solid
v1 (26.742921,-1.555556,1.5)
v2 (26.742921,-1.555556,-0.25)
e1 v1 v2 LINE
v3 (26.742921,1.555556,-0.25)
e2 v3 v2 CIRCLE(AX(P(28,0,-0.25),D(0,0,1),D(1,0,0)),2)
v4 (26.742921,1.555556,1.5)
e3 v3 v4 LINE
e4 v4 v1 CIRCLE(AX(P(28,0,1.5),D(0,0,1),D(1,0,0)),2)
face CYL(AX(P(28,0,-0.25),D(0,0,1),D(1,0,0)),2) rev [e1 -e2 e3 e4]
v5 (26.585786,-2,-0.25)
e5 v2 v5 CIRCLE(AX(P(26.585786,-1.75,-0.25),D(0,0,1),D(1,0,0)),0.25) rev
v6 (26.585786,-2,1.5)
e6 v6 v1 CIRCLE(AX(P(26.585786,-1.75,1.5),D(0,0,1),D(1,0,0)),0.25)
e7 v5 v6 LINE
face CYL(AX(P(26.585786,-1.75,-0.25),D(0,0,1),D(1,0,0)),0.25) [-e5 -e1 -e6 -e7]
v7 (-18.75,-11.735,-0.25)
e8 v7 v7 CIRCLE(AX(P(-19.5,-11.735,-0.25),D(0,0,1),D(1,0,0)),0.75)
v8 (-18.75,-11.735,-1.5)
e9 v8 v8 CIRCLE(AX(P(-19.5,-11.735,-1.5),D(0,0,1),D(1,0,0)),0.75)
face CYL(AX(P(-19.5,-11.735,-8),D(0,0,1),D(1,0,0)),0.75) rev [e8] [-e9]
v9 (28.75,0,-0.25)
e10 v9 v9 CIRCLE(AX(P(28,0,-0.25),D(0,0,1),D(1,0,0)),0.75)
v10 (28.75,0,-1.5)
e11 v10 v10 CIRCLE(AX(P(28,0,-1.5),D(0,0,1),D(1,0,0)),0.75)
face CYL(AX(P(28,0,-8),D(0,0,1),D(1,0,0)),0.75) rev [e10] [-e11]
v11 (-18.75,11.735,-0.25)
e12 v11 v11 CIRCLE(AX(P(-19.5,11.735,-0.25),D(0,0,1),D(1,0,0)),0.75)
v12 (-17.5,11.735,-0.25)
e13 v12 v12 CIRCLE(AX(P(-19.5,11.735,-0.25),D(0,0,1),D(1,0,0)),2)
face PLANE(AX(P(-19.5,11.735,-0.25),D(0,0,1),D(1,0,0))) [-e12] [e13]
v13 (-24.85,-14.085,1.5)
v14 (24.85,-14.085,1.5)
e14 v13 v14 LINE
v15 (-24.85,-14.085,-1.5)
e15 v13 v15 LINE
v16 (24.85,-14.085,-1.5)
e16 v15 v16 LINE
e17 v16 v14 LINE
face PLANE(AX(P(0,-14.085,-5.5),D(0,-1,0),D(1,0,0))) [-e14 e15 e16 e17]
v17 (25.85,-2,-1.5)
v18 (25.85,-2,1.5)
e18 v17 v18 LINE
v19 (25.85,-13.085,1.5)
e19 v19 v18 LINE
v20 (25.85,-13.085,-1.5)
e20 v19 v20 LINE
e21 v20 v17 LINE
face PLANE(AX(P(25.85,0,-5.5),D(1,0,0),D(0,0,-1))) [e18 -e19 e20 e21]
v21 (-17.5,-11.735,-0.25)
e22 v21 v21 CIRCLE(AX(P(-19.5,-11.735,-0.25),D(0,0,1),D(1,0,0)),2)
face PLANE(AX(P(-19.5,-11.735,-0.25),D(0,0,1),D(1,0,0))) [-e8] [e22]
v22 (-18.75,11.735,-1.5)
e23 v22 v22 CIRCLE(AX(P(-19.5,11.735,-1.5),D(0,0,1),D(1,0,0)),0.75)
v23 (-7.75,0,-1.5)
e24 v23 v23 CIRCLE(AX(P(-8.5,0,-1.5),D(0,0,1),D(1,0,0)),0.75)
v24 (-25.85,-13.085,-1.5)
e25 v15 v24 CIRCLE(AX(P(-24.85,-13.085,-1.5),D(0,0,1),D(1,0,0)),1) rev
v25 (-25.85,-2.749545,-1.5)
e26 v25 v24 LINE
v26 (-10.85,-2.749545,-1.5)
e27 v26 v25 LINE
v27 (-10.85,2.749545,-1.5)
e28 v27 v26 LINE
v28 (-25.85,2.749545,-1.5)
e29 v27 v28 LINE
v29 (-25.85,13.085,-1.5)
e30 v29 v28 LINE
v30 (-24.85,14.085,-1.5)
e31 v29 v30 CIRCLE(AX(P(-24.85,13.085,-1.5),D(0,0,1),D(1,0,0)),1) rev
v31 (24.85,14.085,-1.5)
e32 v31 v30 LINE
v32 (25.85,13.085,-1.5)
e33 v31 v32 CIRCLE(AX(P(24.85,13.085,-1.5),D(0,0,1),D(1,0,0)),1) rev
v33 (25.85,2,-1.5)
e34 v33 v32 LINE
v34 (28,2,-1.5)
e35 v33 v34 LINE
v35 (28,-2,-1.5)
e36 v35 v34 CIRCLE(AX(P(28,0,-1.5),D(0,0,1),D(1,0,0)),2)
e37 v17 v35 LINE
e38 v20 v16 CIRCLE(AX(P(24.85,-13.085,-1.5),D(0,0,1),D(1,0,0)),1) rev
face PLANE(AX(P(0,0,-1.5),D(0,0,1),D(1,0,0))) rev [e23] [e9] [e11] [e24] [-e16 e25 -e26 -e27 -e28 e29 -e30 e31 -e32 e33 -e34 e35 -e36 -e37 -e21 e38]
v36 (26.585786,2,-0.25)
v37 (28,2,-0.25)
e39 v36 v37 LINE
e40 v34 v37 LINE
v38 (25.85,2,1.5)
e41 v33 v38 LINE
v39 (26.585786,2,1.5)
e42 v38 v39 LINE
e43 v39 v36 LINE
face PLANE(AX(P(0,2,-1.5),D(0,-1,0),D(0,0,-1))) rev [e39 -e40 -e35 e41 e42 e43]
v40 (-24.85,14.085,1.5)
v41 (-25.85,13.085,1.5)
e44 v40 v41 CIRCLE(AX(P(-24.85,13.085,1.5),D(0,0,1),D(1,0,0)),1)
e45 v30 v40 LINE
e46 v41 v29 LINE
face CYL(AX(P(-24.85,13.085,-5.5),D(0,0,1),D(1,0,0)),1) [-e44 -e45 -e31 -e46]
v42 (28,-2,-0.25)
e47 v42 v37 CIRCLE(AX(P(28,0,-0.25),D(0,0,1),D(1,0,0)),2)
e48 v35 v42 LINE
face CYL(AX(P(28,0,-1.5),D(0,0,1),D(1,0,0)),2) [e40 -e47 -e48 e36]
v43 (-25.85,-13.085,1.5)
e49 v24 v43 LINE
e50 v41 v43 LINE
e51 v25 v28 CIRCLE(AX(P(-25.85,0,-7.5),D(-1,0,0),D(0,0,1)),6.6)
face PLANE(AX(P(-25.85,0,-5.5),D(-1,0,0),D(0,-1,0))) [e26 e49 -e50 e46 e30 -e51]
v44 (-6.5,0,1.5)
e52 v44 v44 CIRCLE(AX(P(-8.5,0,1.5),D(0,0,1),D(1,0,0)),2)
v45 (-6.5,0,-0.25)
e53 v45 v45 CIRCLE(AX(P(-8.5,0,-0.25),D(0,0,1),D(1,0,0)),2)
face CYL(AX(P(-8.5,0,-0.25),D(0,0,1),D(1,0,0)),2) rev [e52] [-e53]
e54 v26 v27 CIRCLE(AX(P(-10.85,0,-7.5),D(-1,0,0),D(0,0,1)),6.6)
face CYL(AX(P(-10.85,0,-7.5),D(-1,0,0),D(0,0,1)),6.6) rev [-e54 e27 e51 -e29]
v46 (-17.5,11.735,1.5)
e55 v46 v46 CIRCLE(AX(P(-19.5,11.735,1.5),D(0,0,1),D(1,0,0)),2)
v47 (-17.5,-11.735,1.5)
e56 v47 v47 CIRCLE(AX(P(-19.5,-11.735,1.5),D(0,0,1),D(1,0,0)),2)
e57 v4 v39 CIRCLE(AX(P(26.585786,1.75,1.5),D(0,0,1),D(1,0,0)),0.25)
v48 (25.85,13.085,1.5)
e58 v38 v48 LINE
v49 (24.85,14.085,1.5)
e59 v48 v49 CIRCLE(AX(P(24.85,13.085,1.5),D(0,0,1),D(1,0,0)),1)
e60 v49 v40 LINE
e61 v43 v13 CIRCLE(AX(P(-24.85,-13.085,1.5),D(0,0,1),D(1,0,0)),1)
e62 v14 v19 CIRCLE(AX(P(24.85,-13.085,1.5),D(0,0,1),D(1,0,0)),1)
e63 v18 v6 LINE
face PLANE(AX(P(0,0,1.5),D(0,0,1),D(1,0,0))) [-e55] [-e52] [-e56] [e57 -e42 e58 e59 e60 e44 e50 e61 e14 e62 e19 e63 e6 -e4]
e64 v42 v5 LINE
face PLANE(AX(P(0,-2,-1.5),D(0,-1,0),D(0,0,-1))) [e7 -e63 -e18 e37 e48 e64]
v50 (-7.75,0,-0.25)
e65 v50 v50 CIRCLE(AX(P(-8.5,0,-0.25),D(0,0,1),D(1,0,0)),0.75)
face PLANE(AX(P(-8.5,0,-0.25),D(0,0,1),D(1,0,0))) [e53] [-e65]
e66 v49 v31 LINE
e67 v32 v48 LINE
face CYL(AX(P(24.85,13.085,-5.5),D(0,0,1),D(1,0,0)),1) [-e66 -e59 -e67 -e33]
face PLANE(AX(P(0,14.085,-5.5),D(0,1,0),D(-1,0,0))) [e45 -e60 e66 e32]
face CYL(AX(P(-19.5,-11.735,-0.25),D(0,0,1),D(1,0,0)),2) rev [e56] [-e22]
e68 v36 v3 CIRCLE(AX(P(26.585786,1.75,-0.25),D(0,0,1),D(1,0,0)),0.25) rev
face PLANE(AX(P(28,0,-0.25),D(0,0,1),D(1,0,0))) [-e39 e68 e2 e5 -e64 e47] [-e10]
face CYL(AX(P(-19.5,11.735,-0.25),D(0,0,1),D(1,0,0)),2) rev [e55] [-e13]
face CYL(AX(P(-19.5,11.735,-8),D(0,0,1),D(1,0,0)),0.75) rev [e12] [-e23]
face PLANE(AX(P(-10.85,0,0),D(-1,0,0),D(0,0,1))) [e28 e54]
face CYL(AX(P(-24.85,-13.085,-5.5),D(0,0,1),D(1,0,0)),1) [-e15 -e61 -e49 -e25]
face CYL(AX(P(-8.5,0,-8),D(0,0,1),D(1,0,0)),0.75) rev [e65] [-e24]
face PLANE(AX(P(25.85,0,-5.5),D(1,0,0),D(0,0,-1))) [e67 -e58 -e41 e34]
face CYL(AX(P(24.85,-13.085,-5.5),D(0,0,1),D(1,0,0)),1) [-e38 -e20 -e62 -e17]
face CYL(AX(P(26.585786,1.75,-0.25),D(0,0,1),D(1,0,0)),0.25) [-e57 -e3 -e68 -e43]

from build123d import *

# Parameters (mm, degrees)
BOSS_EXTRUDE1_DEPTH      = 1.5
BOSS_EXTRUDE1_DEPTH_BACK = 1.5
SKETCH2_R                = 0.7500000000000021
SKETCH2_R_2              = 0.7500000000000003
SKETCH2_R_3              = 0.750000000000002
CUT_EXTRUDE1_DEPTH       = 9.500000000000002
SKETCH3_R                = 1.9999999999999996
SKETCH3_R_2              = 0.7500000000000021
SKETCH3_R_3              = 2.0000000000000004
SKETCH3_R_4              = 0.7500000000000003
SKETCH3_R_5              = 2.000000000000003
SKETCH3_R_6              = 0.750000000000002
CUT_EXTRUDE2_DEPTH       = 1.75
FILLET1_R                = 0.25
CUT_EXTRUDE5_DEPTH       = 6.999999999999993
CUT_EXTRUDE6_DEPTH       = 15.000000000000004
FILLET2_R                = 1


with BuildPart() as part:
    # Sketch1 → Boss-Extrude1 (new, two sides: drawn at the far end of the back side and taken through both)
    with BuildSketch(Plane.XY.offset(-BOSS_EXTRUDE1_DEPTH_BACK)):
        with BuildLine():
            Line((-26.000000000000007, -14.235000000000003), (25.999999999999993, -14.234999999999996))
            Line((25.999999999999993, -14.234999999999996), (25.999999999999993, -2))
            Line((25.999999999999993, -2), (27.99999999999995, -2))
            ThreePointArc((27.99999999999995, -2.000000000000003), (29.999999999999996, -1.79e-15), (27.999999999999954, 2.000000000000003))
            Line((27.999999999999954, 2), (25.999999999999993, 2))
            Line((25.999999999999993, 2), (25.999999999999993, 14.235000000000003))
            Line((25.999999999999993, 14.235000000000003), (-26.000000000000007, 14.234999999999996))
            Line((-26.000000000000007, 14.234999999999996), (-26.000000000000007, -14.235000000000003))
        make_face()
    extrude(amount=BOSS_EXTRUDE1_DEPTH + BOSS_EXTRUDE1_DEPTH_BACK)

    # Sketch2 → Cut-Extrude1 (cut)
    with BuildSketch(Plane.XY.offset(1.5)):
        with Locations((-19.500000000000007, 11.735000000000005)):
            Circle(SKETCH2_R)
        with Locations((-8.500000000000004, 0)):
            Circle(SKETCH2_R_2)
        with Locations((-19.500000000000007, -11.734999999999996)):
            Circle(SKETCH2_R)
        with Locations((27.999999999999993, -4.3e-16)):
            Circle(SKETCH2_R_3)
    extrude(amount=-CUT_EXTRUDE1_DEPTH, mode=Mode.SUBTRACT)

    # Sketch3 → Cut-Extrude2 (cut)
    # profile 1 of 4: a face of its own
    with BuildSketch(Plane.XY.offset(1.5)):
        with Locations((-19.500000000000007, 11.735000000000005)):
            Circle(SKETCH3_R)
        with Locations((-19.500000000000007, 11.735000000000005)):
            Circle(SKETCH3_R_2, mode=Mode.SUBTRACT)
    # profile 2 of 4: a face of its own
    with BuildSketch(Plane.XY.offset(1.5)):
        with Locations((-8.500000000000004, 0)):
            Circle(SKETCH3_R_3)
        with Locations((-8.500000000000004, 0)):
            Circle(SKETCH3_R_4, mode=Mode.SUBTRACT)
    # profile 3 of 4: a face of its own
    with BuildSketch(Plane.XY.offset(1.5)):
        with Locations((-19.500000000000007, -11.734999999999996)):
            Circle(SKETCH3_R)
        with Locations((-19.500000000000007, -11.734999999999996)):
            Circle(SKETCH3_R_2, mode=Mode.SUBTRACT)
    # profile 4 of 4: a face of its own
    with BuildSketch(Plane.XY.offset(1.5)):
        with Locations((27.999999999999993, -4.3e-16)):
            Circle(SKETCH3_R_5)
        with Locations((27.999999999999993, -4.3e-16)):
            Circle(SKETCH3_R_6, mode=Mode.SUBTRACT)
    extrude(amount=-CUT_EXTRUDE2_DEPTH, mode=Mode.SUBTRACT)

    # Fillet1
    fillet1_edges = [part.edges().sort_by_distance(p)[0] for p in [
        (27.99999999999995, -2.0000000000000018, 0.625),
        (27.999999999999954, 2.000000000000001, 0.625),
    ]]
    fillet(fillet1_edges, radius=FILLET1_R)

    # Sketch7 → Cut-Extrude5 (cut)
    with BuildSketch(Plane.XY.offset(1.5)):
        Polygon((25.999999999999993, -14.234999999999996), (25.999999999999993, -2), (25.84999999999999, -2), (25.84999999999999, -14.084999999999996), (-25.85, -14.084999999999999), (-25.850000000000005, 14.084999999999994), (25.84999999999999, 14.085000000000003), (25.84999999999999, 2), (25.999999999999993, 2), (25.999999999999993, 14.235000000000003), (-26.000000000000007, 14.234999999999996), (-26.000000000000007, -14.235000000000003), align=None)
    extrude(amount=-CUT_EXTRUDE5_DEPTH, mode=Mode.SUBTRACT)

    # Sketch8 → Cut-Extrude6 (cut)
    with BuildSketch(Plane.ZY.offset(25.850000000000005)):
        with BuildLine():
            Line((-1.5000000000000318, 2.7495454169736466), (-1.5000000000000313, -2.7495454169736395))
            ThreePointArc((-1.5000000000000568, -2.749545416973628), (-0.8999999999999995, 3.07e-15), (-1.5000000000000577, 2.7495454169736337))
        make_face()
    extrude(amount=-CUT_EXTRUDE6_DEPTH, mode=Mode.SUBTRACT)

    # Fillet2
    fillet2_edges = [part.edges().sort_by_distance(p)[0] for p in [
        (25.849999999999987, -14.084999999999996, 0),
        (25.84999999999999, 14.085000000000003, 0),
        (-25.850000000000005, 14.084999999999994, 0),
        (-25.85, -14.085, 0),
    ]]
    fillet(fillet2_edges, radius=FILLET2_R)


solid = part.part
